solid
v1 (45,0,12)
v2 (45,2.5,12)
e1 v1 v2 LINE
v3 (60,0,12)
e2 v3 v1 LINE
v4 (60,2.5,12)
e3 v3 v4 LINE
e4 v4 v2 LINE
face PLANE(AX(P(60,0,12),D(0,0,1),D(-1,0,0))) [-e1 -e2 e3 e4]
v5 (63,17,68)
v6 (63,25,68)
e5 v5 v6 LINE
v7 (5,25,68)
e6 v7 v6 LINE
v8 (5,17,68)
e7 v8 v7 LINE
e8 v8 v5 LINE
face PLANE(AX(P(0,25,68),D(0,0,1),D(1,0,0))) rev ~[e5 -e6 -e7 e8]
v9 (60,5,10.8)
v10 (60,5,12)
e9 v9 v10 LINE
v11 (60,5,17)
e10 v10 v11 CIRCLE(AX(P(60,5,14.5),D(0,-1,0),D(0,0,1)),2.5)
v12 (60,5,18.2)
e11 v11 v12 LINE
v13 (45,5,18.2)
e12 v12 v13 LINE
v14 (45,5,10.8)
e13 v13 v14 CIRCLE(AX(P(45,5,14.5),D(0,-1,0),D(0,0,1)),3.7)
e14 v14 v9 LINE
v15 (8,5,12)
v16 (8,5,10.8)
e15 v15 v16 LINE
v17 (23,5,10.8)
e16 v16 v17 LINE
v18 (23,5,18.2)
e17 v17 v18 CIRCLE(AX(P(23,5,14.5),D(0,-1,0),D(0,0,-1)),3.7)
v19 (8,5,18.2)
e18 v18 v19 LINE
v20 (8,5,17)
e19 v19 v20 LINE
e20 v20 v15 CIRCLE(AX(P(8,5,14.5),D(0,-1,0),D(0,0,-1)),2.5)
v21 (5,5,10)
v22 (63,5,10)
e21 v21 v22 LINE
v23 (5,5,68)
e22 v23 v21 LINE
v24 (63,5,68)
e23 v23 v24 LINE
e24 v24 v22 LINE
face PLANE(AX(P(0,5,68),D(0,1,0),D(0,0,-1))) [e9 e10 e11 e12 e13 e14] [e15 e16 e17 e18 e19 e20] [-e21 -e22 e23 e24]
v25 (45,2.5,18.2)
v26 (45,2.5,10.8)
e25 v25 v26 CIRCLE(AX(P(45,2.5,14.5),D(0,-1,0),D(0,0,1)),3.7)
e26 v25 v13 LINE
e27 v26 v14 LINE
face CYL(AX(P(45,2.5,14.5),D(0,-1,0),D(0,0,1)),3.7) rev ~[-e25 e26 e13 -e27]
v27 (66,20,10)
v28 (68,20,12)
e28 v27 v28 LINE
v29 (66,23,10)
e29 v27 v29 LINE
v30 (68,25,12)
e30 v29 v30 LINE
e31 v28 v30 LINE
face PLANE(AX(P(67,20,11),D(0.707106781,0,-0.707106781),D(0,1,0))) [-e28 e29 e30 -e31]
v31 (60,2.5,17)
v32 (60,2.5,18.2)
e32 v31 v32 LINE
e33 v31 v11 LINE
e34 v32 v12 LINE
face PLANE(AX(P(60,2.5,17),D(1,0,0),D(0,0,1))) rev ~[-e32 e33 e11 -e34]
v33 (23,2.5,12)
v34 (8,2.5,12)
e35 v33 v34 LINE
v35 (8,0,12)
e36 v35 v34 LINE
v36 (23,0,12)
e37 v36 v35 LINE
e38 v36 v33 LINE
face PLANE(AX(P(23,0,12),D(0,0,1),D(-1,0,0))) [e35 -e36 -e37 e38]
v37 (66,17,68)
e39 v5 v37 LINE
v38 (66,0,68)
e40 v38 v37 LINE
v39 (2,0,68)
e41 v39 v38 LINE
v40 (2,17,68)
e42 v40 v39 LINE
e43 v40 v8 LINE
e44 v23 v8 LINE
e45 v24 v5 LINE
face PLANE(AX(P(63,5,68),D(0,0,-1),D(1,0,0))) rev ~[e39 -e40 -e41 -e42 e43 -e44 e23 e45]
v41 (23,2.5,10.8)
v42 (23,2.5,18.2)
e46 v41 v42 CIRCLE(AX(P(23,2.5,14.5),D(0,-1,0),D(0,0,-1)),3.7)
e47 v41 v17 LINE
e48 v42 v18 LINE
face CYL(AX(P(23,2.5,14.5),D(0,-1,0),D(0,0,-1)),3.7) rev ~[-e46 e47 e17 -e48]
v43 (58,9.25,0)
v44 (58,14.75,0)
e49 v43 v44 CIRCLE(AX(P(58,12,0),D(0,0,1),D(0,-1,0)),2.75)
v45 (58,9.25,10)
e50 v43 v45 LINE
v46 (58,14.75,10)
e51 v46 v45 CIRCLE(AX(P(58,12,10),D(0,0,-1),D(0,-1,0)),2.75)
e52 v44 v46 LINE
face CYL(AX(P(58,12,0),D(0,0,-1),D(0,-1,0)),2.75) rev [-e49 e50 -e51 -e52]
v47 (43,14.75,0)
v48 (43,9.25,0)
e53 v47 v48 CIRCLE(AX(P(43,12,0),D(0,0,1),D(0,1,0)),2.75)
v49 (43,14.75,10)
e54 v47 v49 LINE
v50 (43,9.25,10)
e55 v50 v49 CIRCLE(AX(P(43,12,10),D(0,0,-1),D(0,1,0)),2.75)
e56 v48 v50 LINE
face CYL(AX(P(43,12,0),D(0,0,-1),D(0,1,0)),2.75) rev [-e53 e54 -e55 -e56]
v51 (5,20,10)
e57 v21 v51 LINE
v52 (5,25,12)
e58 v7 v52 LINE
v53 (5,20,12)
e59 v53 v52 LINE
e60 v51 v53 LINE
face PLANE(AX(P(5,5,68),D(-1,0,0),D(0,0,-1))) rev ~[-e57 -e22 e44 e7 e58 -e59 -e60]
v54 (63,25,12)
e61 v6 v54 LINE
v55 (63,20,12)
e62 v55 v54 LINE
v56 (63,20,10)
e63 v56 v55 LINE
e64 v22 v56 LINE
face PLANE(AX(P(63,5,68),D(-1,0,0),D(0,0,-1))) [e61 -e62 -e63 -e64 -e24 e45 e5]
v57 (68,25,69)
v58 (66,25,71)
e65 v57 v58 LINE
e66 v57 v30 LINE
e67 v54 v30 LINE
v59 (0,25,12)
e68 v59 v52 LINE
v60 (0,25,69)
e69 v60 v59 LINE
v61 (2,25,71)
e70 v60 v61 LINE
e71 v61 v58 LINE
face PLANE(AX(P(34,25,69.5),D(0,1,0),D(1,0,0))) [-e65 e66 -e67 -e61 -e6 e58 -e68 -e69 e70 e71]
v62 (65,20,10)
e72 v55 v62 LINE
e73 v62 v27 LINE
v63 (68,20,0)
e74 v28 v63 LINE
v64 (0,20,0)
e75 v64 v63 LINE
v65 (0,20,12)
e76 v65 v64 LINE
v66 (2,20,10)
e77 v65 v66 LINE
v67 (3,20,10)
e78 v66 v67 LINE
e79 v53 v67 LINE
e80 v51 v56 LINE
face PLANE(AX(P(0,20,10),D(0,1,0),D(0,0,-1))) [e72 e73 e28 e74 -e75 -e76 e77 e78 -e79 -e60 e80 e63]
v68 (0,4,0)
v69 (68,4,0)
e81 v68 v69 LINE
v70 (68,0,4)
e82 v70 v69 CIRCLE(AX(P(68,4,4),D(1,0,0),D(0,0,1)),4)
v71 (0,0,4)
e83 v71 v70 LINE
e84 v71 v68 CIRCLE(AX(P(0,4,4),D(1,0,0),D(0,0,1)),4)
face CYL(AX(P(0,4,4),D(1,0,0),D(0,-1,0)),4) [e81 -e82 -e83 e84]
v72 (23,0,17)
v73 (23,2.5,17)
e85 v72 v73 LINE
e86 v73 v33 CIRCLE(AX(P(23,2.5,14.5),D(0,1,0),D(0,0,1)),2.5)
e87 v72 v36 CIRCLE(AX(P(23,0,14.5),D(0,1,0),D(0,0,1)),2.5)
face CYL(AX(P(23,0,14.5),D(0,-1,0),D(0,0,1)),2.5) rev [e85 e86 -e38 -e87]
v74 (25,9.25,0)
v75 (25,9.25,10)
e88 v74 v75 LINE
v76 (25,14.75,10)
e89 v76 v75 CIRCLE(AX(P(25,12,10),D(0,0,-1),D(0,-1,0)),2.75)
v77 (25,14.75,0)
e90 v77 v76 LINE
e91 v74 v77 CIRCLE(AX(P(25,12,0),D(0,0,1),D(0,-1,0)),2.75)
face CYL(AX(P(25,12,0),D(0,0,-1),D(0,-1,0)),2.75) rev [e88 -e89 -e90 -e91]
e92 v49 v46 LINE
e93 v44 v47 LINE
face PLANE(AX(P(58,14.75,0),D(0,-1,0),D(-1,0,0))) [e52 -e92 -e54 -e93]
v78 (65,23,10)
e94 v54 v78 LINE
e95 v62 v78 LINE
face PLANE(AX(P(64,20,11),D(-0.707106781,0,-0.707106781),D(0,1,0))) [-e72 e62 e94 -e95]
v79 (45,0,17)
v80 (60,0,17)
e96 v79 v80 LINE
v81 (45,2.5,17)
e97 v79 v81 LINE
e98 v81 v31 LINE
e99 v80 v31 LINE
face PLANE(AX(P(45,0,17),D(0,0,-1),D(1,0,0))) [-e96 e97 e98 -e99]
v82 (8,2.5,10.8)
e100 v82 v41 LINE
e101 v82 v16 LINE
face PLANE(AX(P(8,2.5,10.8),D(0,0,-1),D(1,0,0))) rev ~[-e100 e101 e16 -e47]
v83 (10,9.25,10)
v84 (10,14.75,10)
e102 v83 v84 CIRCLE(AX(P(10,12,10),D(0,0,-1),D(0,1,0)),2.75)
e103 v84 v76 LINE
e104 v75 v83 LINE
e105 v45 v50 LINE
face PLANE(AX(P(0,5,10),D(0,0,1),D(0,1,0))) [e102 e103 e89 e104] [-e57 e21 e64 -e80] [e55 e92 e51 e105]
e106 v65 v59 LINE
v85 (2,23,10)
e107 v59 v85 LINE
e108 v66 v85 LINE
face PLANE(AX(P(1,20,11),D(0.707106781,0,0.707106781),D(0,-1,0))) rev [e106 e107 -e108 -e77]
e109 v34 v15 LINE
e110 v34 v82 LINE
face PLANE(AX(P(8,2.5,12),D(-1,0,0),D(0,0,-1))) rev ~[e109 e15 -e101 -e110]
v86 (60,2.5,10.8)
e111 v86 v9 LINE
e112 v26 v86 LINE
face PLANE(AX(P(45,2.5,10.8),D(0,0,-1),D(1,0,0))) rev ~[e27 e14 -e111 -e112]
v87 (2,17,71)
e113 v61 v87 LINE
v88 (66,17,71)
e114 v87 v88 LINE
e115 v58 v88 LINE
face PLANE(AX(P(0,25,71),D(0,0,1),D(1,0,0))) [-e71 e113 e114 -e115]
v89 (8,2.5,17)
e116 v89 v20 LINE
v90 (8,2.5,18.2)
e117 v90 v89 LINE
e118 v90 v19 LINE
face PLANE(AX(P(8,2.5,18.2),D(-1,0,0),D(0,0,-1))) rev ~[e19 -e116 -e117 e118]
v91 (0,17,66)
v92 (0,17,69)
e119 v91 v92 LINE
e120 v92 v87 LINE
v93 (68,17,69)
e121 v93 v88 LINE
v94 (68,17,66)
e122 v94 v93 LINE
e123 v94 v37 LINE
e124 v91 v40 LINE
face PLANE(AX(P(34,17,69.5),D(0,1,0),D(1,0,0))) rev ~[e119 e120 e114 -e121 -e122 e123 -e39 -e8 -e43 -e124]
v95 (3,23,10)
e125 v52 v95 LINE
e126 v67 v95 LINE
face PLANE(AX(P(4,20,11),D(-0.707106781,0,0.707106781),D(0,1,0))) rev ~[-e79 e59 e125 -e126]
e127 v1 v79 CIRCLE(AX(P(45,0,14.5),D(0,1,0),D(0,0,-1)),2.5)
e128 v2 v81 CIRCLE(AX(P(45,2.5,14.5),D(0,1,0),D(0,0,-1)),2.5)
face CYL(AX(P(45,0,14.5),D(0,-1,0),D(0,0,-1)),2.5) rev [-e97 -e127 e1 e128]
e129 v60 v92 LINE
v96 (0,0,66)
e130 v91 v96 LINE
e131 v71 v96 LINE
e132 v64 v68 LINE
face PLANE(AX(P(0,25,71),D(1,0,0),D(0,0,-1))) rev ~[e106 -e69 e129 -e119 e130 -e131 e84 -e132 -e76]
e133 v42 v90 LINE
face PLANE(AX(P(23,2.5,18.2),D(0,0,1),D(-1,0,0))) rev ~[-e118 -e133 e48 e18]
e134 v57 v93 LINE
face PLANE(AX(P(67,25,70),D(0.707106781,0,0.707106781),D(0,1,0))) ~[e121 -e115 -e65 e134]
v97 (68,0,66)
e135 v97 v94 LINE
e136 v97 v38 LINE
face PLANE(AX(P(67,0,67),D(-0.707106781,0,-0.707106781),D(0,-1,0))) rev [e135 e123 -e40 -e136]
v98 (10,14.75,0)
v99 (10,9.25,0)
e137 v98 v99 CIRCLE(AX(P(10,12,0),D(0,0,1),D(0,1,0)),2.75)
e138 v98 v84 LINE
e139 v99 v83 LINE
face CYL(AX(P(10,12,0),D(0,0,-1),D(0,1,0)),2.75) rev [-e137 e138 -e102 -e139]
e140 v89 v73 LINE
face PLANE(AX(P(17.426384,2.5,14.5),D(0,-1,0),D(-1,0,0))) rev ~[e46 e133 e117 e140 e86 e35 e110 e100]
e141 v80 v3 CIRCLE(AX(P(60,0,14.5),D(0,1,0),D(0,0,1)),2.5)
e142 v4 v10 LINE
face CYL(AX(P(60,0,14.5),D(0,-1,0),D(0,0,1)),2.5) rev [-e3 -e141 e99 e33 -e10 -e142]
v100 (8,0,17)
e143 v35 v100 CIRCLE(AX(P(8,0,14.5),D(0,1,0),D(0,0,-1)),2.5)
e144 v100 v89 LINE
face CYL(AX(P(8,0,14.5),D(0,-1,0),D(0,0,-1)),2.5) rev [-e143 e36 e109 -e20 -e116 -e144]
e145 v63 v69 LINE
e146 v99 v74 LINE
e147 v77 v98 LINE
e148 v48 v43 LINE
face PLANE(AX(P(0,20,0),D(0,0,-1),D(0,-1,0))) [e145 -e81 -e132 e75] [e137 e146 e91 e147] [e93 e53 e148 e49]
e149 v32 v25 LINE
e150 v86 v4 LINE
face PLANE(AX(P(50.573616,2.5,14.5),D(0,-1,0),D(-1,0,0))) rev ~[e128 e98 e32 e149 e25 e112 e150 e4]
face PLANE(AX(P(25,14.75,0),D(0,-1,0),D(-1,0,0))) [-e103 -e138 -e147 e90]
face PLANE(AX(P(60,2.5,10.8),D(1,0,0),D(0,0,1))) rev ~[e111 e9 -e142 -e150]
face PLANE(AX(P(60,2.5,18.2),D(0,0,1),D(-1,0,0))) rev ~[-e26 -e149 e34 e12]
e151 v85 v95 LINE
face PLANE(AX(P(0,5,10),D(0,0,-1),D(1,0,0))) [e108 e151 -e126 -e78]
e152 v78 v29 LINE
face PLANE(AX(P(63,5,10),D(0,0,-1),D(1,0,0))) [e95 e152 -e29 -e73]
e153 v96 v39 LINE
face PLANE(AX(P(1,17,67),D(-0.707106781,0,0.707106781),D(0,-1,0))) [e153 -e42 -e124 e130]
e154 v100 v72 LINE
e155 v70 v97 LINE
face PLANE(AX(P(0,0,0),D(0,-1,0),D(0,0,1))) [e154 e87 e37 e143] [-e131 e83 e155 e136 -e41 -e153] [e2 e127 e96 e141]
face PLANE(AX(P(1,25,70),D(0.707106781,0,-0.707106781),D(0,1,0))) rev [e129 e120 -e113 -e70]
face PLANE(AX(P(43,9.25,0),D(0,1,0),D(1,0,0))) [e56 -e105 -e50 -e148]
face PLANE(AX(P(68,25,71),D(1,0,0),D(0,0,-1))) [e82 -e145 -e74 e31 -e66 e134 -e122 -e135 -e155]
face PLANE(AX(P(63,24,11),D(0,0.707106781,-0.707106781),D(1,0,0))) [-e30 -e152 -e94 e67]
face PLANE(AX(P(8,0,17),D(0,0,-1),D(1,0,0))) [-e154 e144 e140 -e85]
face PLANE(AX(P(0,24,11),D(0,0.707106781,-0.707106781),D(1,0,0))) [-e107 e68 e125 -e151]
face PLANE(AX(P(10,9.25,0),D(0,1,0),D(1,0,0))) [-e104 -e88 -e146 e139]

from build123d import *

# Parameters (mm, degrees)
EXTRUDE_2_DEPTH     = 68
SKETCH_2_W          = 5
SKETCH_2_H          = 58
EXTRUDE_3_DEPTH     = 20
CUT_EXTRUDE_1_DEPTH = 20
FILLET_1_R          = 4
SKETCH_4_W          = 68
SKETCH_4_H          = 3
EXTRUDE_4_DEPTH     = 8
CHAMFER_1_SIZE      = 2
CUT_EXTRUDE_3_DEPTH = 8
CUT_EXTRUDE_START   = -2.5
CUT_EXTRUDE_4_DEPTH = 2.5


with BuildPart() as part:
    # 草图1 → 凸台-拉伸2 (new body)
    with BuildSketch(Plane(origin=(0, 0, 0), x_dir=(0, 0, -1), z_dir=(1, 0, 0))):
        Polygon((0, 0), (-68, 0), (-68, 5), (-10, 5), (-10, 20), (0, 20), align=None)
    extrude(amount=EXTRUDE_2_DEPTH)

    # 草图2 → 凸台-拉伸3 (add)
    with BuildSketch(Plane(origin=(0, 5, 0), x_dir=(1, 0, 0), z_dir=(0, 1, 0))):
        with Locations((65.5, -39)):
            Rectangle(SKETCH_2_W, SKETCH_2_H)
        with Locations((2.5, -39)):
            Rectangle(SKETCH_2_W, SKETCH_2_H)
    extrude(amount=EXTRUDE_3_DEPTH)

    # 草图3 → 切除-拉伸1 (cut)
    with BuildSketch(Plane(origin=(0, 0, 0), x_dir=(-1, 0, 0), z_dir=(0, 0, -1))):
        with BuildLine():
            Line((-58, 14.75), (-43, 14.75))
            ThreePointArc((-43, 14.75), (-40.25, 12), (-43, 9.25))
            Line((-43, 9.25), (-58, 9.25))
            ThreePointArc((-58, 9.25), (-60.75, 12), (-58, 14.75))
        make_face()
        with BuildLine():
            Line((-25, 14.75), (-10, 14.75))
            ThreePointArc((-10, 14.75), (-7.25, 12), (-10, 9.25))
            Line((-10, 9.25), (-25, 9.25))
            ThreePointArc((-25, 9.25), (-27.75, 12), (-25, 14.75))
        make_face()
    extrude(amount=-CUT_EXTRUDE_1_DEPTH, mode=Mode.SUBTRACT)

    # 圆角1
    fillet_1_edges = [part.edges().sort_by_distance(p)[0] for p in [
        (34, 0, 0),
    ]]
    fillet(fillet_1_edges, radius=FILLET_1_R)

    # 草图4 → 凸台-拉伸4 (add)
    with BuildSketch(Plane(origin=(0, 25, 0), x_dir=(1, 0, 0), z_dir=(0, 1, 0))):
        with Locations((34, -69.5)):
            Rectangle(SKETCH_4_W, SKETCH_4_H)
    extrude(amount=-EXTRUDE_4_DEPTH)

    # 倒角1
    chamfer_1_edges = [part.edges().sort_by_distance(p)[0] for p in [
        (68, 21, 71),
        (0, 21, 71),
        (68, 22.5, 10),
        (63, 22.5, 10),
        (65.5, 25, 10),
        (5, 22.5, 10),
        (0, 22.5, 10),
        (2.5, 25, 10),
        (0, 8.5, 68),
        (68, 8.5, 68),
    ]]
    chamfer(chamfer_1_edges, length=CHAMFER_1_SIZE)

    # 草图5 → 切除-拉伸3 (cut)
    with BuildSketch(Plane.XZ):
        with BuildLine():
            Line((8, 17), (23, 17))
            ThreePointArc((23, 17), (25.5, 14.5), (23, 12))
            Line((23, 12), (8, 12))
            ThreePointArc((8, 12), (5.5, 14.5), (8, 17))
        make_face()
        with BuildLine():
            Line((45, 17), (60, 17))
            ThreePointArc((60, 17), (62.5, 14.5), (60, 12))
            Line((60, 12), (45, 12))
            ThreePointArc((45, 12), (42.5, 14.5), (45, 17))
        make_face()
    extrude(amount=-CUT_EXTRUDE_3_DEPTH, mode=Mode.SUBTRACT)

    # 草图7 → 切除-拉伸4 (cut)
    with BuildSketch(Plane(origin=(0, 5, 0), x_dir=(1, 0, 0), z_dir=(0, 1, 0)).offset(CUT_EXTRUDE_START)):
        with BuildLine():
            Line((23, -18.2), (8, -18.2))
            Line((8, -18.2), (8, -17))
            Line((8, -17), (23, -17))
            ThreePointArc((23, -17), (25.5, -14.5), (23, -12))
            Line((23, -12), (8, -12))
            Line((8, -12), (8, -10.8))
            Line((8, -10.8), (23, -10.8))
            ThreePointArc((23, -10.8), (26.7, -14.5), (23, -18.2))
        make_face()
        with BuildLine():
            Line((45, -10.8), (60, -10.8))
            Line((60, -10.8), (60, -12))
            Line((60, -12), (45, -12))
            ThreePointArc((45, -12), (42.5, -14.5), (45, -17))
            Line((45, -17), (60, -17))
            Line((60, -17), (60, -18.2))
            Line((60, -18.2), (45, -18.2))
            ThreePointArc((45, -18.2), (41.3, -14.5), (45, -10.8))
        make_face()
    extrude(amount=CUT_EXTRUDE_4_DEPTH, mode=Mode.SUBTRACT)


solid = part.part
